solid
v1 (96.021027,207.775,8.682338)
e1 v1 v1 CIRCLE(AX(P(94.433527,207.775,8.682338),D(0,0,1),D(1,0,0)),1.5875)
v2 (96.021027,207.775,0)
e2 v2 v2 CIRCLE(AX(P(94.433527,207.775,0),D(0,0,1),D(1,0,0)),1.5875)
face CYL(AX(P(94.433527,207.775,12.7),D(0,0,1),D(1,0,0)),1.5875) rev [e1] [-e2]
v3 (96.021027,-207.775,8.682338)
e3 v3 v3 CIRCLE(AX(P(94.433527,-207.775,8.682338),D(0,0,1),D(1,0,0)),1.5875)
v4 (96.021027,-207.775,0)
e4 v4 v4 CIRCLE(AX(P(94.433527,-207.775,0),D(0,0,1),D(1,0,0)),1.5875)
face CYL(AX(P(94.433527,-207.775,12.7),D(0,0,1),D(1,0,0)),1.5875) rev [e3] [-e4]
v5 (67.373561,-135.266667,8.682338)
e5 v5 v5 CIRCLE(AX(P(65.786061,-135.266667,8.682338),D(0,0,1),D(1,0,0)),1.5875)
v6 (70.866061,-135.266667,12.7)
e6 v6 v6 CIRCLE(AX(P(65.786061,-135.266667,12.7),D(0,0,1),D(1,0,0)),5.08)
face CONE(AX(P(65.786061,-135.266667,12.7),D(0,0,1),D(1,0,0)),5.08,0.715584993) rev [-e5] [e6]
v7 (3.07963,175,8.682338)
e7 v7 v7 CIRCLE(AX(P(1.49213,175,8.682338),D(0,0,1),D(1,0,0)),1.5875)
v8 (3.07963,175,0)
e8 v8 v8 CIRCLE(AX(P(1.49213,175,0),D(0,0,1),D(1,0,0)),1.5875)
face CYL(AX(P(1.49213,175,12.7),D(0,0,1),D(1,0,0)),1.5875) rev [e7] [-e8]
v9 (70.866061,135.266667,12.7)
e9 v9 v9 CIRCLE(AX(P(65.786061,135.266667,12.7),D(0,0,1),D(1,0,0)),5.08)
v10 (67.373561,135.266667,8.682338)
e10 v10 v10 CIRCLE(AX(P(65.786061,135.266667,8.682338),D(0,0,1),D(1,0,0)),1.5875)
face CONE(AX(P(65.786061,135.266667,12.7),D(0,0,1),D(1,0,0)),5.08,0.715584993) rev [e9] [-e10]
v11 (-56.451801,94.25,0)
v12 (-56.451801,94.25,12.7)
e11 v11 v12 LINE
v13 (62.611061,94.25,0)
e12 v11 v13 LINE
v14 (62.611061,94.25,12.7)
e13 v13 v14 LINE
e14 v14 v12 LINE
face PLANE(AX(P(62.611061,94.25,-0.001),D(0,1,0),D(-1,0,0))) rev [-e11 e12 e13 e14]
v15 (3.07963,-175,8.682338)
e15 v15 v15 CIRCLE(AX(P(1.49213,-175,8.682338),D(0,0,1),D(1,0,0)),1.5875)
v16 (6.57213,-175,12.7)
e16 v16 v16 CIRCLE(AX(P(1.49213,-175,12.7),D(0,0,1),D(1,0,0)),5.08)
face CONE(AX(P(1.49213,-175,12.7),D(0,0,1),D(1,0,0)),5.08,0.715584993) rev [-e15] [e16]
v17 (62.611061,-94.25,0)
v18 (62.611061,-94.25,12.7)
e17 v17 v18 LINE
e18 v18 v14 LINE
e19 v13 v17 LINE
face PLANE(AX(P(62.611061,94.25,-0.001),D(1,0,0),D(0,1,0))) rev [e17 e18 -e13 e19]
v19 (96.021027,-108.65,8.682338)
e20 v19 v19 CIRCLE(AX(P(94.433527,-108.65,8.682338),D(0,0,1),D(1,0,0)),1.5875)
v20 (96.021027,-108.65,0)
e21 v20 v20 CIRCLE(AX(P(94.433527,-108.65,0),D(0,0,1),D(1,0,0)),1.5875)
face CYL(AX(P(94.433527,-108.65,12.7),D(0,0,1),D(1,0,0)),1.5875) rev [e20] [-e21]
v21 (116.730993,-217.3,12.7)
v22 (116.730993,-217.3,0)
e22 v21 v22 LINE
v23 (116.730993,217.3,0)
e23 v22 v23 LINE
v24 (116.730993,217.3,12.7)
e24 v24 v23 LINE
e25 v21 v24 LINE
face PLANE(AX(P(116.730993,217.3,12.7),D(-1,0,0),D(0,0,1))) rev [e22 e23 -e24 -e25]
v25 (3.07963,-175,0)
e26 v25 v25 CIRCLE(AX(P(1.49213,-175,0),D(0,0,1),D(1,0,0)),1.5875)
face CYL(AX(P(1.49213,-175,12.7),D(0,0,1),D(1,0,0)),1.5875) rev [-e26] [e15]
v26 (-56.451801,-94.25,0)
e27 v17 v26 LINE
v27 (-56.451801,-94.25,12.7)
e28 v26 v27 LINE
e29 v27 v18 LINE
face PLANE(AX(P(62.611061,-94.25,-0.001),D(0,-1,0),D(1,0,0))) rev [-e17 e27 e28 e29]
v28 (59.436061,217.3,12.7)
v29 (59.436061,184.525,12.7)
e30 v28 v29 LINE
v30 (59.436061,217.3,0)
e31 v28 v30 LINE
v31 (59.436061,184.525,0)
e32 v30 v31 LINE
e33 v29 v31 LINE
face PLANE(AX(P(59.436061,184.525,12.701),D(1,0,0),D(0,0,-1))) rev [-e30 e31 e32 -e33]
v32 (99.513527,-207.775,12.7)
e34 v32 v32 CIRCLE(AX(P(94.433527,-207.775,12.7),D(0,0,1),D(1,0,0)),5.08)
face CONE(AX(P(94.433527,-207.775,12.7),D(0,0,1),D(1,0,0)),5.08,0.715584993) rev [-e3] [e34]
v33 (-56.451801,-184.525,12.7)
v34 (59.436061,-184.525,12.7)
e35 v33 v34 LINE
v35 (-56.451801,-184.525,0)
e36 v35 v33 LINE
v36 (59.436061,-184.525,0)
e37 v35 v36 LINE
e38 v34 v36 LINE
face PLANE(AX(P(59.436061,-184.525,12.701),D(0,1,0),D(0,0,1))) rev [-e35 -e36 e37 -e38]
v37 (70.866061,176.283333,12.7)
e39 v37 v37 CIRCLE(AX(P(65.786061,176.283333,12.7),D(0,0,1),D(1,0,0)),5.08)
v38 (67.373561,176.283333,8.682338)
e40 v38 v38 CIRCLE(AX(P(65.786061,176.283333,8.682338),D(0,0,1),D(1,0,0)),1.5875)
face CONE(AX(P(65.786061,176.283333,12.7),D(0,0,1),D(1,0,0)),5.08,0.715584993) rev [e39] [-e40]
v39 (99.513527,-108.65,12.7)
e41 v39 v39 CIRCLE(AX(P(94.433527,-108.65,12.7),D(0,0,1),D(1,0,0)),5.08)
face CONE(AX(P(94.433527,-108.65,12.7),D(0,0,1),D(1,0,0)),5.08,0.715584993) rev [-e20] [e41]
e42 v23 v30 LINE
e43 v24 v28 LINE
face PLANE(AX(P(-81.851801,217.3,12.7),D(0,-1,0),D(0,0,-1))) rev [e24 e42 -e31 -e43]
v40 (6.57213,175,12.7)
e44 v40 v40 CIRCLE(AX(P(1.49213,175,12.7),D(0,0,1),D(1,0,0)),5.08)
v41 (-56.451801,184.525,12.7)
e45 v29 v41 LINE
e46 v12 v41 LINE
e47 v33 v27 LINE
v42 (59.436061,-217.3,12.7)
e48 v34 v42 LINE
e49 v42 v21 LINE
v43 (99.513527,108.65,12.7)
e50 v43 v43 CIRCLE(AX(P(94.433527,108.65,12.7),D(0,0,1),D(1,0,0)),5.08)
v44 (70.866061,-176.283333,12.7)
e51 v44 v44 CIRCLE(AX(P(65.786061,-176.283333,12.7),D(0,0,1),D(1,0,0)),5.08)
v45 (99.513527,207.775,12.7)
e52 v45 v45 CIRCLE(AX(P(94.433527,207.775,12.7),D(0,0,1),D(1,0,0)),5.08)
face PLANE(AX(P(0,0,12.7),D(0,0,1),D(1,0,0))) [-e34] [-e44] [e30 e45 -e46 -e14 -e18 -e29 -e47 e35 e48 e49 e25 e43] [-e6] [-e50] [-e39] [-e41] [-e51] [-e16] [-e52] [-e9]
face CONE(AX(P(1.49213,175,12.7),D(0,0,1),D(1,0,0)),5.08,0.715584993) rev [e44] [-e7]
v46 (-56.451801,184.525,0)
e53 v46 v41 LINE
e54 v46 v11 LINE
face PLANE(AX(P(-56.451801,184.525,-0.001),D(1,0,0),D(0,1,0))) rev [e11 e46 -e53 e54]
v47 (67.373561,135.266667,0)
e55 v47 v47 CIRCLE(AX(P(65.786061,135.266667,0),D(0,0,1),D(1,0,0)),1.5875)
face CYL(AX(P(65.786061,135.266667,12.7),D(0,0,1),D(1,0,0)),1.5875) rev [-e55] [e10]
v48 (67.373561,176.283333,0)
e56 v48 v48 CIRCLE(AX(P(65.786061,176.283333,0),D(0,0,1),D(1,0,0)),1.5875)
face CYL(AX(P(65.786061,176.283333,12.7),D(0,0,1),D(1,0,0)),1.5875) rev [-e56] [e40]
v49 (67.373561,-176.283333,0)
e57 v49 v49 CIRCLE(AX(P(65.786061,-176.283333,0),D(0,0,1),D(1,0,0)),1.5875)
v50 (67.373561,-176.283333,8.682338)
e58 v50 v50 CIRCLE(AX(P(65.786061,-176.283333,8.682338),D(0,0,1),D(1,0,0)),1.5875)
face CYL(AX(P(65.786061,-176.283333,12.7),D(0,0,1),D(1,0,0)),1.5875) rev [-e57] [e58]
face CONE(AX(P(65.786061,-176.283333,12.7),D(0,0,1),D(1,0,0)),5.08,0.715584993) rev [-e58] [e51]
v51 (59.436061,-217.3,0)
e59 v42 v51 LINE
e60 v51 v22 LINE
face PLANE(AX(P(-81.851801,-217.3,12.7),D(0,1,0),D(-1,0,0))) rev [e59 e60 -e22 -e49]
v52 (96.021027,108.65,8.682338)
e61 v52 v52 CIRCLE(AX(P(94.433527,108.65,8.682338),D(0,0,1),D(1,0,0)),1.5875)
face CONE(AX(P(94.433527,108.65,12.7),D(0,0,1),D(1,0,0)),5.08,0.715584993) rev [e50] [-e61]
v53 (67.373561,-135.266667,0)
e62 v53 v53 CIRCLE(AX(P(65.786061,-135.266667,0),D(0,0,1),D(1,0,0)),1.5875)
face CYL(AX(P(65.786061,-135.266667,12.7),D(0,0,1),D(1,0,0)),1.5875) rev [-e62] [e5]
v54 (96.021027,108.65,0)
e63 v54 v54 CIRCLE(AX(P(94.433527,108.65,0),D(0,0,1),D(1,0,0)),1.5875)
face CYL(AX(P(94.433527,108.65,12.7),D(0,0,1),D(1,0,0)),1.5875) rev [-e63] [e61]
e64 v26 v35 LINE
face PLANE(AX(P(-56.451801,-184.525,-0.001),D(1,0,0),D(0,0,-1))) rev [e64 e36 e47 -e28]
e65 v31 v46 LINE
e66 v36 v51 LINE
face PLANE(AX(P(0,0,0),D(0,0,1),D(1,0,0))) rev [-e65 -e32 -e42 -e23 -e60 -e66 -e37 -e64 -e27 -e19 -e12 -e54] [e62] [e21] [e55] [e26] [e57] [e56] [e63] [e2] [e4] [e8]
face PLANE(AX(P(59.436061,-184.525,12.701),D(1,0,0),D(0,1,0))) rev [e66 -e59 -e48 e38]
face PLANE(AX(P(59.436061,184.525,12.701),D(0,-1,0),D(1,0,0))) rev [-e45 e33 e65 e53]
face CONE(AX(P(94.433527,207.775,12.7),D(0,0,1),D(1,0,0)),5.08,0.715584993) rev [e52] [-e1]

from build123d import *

# Parameters (mm, degrees)
SKETCH1_W           = 198.582793441
SKETCH1_H           = 434.599999988
BOSS_EXTRUDE1_DEPTH = 12.7
CUT_EXTRUDE1_REACH  = 14.7
SKETCH2_W           = 141.287862113
SKETCH2_H           = 32.775
CUT_EXTRUDE2_REACH  = 14.7
HOLE1_D             = 3.175
HOLE1_DEPTH         = 38.1
HOLE1_CSINK_D       = 10.16
HOLE1_CSINK_ANGLE   = 82
HOLE1_TIP           = 0.953866233


with BuildPart() as part:
    # Sketch1 → Boss-Extrude1 (new body)
    with BuildSketch(Plane.XY):
        with Locations((17.439596016, 0)):
            Rectangle(SKETCH1_W, SKETCH1_H)
    extrude(amount=BOSS_EXTRUDE1_DEPTH)

    # Sketch2 → Cut-Extrude1 (cut, up to next)
    with BuildSketch(Plane(origin=(0, 0, 0), x_dir=(-1, 0, 0), z_dir=(0, 0, -1)), mode=Mode.PRIVATE) as cut_extrude1_sk1:
        with Locations((11.207869649, 200.912499994)):
            Rectangle(SKETCH2_W, SKETCH2_H)
    cut_extrude1_tool1 = extrude(cut_extrude1_sk1.sketch, amount=-CUT_EXTRUDE1_REACH, mode=Mode.PRIVATE) & part.part
    add(cut_extrude1_tool1.solids().sort_by_distance((-11.20787, 200.9125, 0))[0], mode=Mode.SUBTRACT)
    # Sketch2 → Cut-Extrude1 (cut, up to next)
    with BuildSketch(Plane(origin=(0, 0, 0), x_dir=(-1, 0, 0), z_dir=(0, 0, -1)), mode=Mode.PRIVATE) as cut_extrude1_sk2:
        with Locations((11.207869649, -200.912499994)):
            Rectangle(SKETCH2_W, SKETCH2_H)
    cut_extrude1_tool2 = extrude(cut_extrude1_sk2.sketch, amount=-CUT_EXTRUDE1_REACH, mode=Mode.PRIVATE) & part.part
    add(cut_extrude1_tool2.solids().sort_by_distance((-11.20787, -200.9125, 0))[0], mode=Mode.SUBTRACT)

    # Sketch3 → Cut-Extrude2 (cut, up to next)
    with BuildSketch(Plane.XY.offset(12.7), mode=Mode.PRIVATE) as cut_extrude2_sk1:
        Polygon((62.611061408, 94.249999997), (-56.451800705, 94.249999997), (-56.451800705, 184.524999994), (-81.851800705, 184.524999994), (-81.851800705, 94.249999997), (-85.026800705, 94.249999997), (-85.026800705, -94.249999997), (-81.851800705, -94.249999997), (-81.851800705, -184.524999994), (-56.451800705, -184.524999994), (-56.451800705, -94.249999997), (62.611061408, -94.249999997), align=None)
    cut_extrude2_tool1 = extrude(cut_extrude2_sk1.sketch, amount=-CUT_EXTRUDE2_REACH, mode=Mode.PRIVATE) & part.part
    add(cut_extrude2_tool1.solids().sort_by_distance((-19.405412, 0, 12.7))[0], mode=Mode.SUBTRACT)

    # Hole1
    with Locations(Plane(origin=(449.828463103, 0, 12.7), x_dir=(0, 1, 0), z_dir=(0, 0, 1))):
        with Locations((-108.649999997, 355.39493603), (108.649999997, 355.39493603), (207.774999994, 355.39493603), (174.999999994, 448.336332751), (135.266666663, 384.042401694), (176.283333328, 384.042401694), (-174.999999994, 448.336332751), (-135.266666663, 384.042401694), (-176.283333328, 384.042401694), (-207.774999994, 355.39493603)):
            CounterSinkHole(HOLE1_D / 2, HOLE1_CSINK_D / 2, depth=HOLE1_DEPTH, counter_sink_angle=HOLE1_CSINK_ANGLE)
            with Locations((0, 0, -(HOLE1_DEPTH + HOLE1_TIP / 2))):  # 118° drill point
                Cone(0, HOLE1_D / 2, HOLE1_TIP, mode=Mode.SUBTRACT)


solid = part.part
